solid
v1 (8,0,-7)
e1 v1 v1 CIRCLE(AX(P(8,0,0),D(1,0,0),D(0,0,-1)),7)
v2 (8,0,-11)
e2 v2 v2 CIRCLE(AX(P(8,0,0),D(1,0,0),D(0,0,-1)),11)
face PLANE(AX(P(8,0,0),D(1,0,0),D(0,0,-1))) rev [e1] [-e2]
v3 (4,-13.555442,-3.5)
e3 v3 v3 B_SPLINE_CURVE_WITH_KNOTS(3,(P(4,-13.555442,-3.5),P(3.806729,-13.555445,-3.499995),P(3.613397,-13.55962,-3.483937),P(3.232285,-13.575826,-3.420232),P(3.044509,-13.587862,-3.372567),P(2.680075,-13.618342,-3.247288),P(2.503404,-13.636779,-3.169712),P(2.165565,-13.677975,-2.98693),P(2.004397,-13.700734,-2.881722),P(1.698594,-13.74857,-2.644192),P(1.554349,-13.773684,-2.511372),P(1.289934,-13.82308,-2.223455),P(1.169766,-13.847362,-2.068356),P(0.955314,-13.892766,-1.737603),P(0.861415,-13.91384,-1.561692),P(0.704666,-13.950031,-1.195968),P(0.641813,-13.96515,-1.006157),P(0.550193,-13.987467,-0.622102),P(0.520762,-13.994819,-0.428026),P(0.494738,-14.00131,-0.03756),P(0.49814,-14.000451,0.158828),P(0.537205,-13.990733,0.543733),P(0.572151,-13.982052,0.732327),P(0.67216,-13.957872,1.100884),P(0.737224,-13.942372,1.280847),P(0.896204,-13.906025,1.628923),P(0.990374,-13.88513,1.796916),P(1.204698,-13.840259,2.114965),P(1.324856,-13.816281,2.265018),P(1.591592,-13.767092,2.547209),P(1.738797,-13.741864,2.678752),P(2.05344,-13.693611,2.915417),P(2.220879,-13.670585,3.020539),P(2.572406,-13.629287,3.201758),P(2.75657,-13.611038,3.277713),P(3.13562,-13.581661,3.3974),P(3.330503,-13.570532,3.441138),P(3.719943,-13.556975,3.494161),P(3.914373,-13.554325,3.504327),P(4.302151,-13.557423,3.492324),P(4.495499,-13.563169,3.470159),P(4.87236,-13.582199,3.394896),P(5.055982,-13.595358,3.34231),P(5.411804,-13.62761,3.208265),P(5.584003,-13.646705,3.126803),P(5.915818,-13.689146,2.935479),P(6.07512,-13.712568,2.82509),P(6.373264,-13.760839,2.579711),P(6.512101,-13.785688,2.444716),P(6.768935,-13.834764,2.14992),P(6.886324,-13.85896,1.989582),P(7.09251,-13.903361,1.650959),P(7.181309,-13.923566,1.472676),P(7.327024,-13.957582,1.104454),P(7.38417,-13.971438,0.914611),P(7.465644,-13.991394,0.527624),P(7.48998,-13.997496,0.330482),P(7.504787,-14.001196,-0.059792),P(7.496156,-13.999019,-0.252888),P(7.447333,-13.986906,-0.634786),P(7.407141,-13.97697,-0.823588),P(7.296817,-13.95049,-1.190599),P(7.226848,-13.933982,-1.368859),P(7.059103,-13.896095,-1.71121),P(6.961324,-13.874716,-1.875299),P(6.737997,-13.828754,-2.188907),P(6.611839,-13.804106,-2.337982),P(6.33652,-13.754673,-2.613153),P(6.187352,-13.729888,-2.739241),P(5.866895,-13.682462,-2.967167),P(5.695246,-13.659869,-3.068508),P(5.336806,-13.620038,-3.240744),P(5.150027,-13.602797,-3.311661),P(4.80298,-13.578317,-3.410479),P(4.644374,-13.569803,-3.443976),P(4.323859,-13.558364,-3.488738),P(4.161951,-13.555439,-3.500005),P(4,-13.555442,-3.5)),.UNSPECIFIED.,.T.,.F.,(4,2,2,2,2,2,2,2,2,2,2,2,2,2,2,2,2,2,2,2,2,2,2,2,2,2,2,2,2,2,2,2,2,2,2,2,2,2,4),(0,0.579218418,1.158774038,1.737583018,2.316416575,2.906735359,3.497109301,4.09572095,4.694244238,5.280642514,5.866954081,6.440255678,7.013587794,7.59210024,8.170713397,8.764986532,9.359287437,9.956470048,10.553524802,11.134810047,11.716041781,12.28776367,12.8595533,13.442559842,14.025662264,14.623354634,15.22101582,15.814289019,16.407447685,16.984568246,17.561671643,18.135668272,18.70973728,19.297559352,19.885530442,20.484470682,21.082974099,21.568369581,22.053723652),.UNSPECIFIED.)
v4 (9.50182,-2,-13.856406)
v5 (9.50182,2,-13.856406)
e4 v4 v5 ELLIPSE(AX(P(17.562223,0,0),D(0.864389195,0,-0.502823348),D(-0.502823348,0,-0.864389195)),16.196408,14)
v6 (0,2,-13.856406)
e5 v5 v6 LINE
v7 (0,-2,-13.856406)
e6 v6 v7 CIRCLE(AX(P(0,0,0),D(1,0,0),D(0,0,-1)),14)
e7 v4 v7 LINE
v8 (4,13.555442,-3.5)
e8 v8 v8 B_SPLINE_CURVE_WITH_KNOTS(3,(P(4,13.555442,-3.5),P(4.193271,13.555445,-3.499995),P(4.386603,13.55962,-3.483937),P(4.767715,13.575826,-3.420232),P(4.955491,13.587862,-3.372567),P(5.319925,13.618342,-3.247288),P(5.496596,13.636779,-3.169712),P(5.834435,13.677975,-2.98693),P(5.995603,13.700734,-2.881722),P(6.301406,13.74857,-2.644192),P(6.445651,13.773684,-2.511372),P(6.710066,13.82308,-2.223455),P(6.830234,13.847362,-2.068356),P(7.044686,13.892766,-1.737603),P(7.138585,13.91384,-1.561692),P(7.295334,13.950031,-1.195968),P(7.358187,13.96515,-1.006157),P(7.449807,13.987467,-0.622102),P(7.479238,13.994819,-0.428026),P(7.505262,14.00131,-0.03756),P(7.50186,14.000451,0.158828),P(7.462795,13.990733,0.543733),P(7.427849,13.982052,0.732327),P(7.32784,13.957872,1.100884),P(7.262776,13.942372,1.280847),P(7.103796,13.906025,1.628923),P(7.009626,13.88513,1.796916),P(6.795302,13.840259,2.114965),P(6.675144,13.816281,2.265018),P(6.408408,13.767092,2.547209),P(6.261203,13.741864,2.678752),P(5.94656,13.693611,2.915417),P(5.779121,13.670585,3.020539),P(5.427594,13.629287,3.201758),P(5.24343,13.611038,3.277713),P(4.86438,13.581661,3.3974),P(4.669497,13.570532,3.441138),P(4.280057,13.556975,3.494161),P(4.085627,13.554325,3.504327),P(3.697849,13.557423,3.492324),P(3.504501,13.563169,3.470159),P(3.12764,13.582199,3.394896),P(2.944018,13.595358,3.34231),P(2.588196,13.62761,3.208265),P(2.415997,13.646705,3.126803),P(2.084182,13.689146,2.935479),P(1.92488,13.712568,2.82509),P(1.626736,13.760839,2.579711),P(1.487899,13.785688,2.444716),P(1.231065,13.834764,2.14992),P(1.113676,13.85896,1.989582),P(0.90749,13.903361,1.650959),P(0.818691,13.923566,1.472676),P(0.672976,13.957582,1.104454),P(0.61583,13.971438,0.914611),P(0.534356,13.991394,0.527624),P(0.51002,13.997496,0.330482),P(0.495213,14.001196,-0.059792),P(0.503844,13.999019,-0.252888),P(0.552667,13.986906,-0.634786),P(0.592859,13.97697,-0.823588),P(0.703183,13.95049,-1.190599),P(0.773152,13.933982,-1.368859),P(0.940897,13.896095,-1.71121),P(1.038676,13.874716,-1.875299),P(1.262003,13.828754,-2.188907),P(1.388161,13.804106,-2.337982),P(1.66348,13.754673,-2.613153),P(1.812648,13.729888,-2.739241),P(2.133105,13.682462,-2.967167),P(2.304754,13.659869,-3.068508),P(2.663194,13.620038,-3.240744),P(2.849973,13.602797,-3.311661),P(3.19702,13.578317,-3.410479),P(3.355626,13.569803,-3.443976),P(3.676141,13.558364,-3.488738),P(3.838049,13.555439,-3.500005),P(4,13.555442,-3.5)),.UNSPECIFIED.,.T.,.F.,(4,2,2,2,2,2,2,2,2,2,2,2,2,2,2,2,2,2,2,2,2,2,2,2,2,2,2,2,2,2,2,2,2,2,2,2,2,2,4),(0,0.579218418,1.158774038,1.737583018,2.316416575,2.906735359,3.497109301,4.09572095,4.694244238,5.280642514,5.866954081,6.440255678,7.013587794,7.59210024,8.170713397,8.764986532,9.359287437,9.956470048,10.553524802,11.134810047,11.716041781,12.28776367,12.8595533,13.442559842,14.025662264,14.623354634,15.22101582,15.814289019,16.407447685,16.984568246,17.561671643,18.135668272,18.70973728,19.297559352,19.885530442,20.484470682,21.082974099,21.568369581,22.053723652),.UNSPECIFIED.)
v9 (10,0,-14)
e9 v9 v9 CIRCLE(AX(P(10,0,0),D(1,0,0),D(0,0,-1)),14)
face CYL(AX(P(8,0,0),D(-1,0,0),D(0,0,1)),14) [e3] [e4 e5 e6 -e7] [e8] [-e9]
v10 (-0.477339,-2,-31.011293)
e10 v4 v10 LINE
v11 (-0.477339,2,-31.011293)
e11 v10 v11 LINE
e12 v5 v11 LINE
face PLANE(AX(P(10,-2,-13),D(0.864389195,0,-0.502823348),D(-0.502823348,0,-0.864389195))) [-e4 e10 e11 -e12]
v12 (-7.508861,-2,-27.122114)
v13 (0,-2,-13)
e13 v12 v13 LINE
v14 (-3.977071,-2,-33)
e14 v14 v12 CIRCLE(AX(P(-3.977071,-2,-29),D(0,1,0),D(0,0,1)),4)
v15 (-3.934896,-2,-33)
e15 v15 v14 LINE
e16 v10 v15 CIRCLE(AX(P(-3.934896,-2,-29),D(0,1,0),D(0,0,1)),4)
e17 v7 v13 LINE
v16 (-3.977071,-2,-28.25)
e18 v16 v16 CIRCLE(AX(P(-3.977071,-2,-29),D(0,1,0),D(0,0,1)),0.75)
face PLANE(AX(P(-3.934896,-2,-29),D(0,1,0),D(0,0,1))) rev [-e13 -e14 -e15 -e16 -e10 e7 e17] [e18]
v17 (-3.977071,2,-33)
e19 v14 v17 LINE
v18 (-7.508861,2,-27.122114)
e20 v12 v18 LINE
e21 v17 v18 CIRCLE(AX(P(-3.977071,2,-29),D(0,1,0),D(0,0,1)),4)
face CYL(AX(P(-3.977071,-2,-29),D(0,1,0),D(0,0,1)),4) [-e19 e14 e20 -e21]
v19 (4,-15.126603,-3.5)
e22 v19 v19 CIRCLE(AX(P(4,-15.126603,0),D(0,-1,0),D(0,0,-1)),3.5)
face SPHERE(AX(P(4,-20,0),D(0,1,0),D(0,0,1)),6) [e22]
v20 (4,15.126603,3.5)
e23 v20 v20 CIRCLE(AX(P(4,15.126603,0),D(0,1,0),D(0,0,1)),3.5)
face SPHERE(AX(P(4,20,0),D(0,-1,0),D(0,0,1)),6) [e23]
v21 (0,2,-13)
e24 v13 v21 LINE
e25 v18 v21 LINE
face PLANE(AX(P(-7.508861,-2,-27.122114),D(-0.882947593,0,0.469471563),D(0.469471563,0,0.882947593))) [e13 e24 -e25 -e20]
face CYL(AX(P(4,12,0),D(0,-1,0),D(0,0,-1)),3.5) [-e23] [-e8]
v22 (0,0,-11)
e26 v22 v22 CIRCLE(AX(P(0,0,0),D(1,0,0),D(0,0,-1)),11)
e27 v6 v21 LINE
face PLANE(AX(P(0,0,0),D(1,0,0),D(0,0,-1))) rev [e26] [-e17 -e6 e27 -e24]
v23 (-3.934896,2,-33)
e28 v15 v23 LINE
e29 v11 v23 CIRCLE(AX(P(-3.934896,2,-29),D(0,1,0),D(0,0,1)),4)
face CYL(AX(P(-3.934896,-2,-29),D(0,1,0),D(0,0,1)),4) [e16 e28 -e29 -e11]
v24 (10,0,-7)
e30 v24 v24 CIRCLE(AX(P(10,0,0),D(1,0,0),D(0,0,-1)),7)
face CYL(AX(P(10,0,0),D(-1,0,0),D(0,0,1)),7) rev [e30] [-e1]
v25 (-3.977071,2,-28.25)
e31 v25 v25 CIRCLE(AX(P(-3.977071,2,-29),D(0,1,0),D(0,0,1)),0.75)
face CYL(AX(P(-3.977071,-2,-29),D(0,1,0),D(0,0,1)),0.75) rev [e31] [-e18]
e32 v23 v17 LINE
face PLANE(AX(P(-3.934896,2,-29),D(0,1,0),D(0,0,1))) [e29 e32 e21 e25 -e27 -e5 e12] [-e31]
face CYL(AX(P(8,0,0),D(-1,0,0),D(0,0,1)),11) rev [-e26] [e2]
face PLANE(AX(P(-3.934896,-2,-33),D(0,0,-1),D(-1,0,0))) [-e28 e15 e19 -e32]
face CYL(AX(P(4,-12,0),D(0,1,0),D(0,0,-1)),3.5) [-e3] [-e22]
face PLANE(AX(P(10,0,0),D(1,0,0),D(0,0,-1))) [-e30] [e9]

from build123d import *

# Parameters (mm, degrees)
SKETCH1_R                = 14
SKETCH1_R_2              = 11
BOSS_EXTRUDE1_DEPTH      = 8
SKETCH2_W                = 3.5
SKETCH2_H                = 8
SKETCH4_R                = 14
SKETCH4_R_2              = 7
BOSS_EXTRUDE2_DEPTH      = 2
BOSS_EXTRUDE3_DEPTH      = 2
BOSS_EXTRUDE3_DEPTH_BACK = 2
SKETCH5_R                = 0.75


with BuildPart() as part:
    # Sketch1 → Boss-Extrude1 (new body)
    with BuildSketch(Plane(origin=(0, 0, 0), x_dir=(0, 0, -1), z_dir=(1, 0, 0))):
        Circle(SKETCH1_R)
        Circle(SKETCH1_R_2, mode=Mode.SUBTRACT)
    extrude(amount=BOSS_EXTRUDE1_DEPTH)

    # Sketch2 → Revolve1 (revolve)
    with BuildSketch(Plane(origin=(4, 0, 0), x_dir=(0, 0, -1), z_dir=(1, 0, 0))):
        with Locations((1.75, 16)):
            Rectangle(SKETCH2_W, SKETCH2_H)
    revolve1 = revolve(axis=Axis((4, 12, 0), (0, 1, 0)))

    # Sketch3 → Revolve2 (revolve)
    with BuildSketch(Plane(origin=(4, 0, 0), x_dir=(0, 0, -1), z_dir=(1, 0, 0))):
        with BuildLine():
            Line((0, 26), (0, 14))
            ThreePointArc((0, 14), (6, 20), (0, 26))
        make_face()
    revolve2 = revolve(axis=Axis((4, 14, 0), (0, 1, 0)))

    # Mirror1: Revolve1, Revolve2 across plane
    add(revolve1.mirror(Plane.ZX))
    add(revolve2.mirror(Plane.ZX))

    # Sketch4 → Boss-Extrude2 (add)
    with BuildSketch(Plane(origin=(8, 0, 0), x_dir=(0, 0, -1), z_dir=(1, 0, 0))):
        Circle(SKETCH4_R)
        Circle(SKETCH4_R_2, mode=Mode.SUBTRACT)
    extrude(amount=BOSS_EXTRUDE2_DEPTH)

    # Sketch5 → Boss-Extrude3 (add, two sides: drawn at the far end of the back side and taken through both)
    with BuildSketch(Plane(origin=(0, 0, 0), x_dir=(1, 0, 0), z_dir=(0, 1, 0)).offset(-BOSS_EXTRUDE3_DEPTH_BACK)):
        with BuildLine():
            Line((10, 13), (0, 13))
            Line((0, 13), (-7.508861075, 27.122113749))
            ThreePointArc((-7.508861075, 27.122113749), (-7.405739907, 31.0601523), (-3.977070704, 33))
            Line((-3.977070704, 33), (-3.934896023, 33))
            ThreePointArc((-3.934896023, 33), (-1.940550712, 32.467360203), (-0.477339242, 31.01129339))
            Line((-0.477339242, 31.01129339), (10, 13))
        make_face()
        with Locations((-3.977070704, 29)):
            Circle(SKETCH5_R, mode=Mode.SUBTRACT)
    extrude(amount=BOSS_EXTRUDE3_DEPTH + BOSS_EXTRUDE3_DEPTH_BACK)


solid = part.part
